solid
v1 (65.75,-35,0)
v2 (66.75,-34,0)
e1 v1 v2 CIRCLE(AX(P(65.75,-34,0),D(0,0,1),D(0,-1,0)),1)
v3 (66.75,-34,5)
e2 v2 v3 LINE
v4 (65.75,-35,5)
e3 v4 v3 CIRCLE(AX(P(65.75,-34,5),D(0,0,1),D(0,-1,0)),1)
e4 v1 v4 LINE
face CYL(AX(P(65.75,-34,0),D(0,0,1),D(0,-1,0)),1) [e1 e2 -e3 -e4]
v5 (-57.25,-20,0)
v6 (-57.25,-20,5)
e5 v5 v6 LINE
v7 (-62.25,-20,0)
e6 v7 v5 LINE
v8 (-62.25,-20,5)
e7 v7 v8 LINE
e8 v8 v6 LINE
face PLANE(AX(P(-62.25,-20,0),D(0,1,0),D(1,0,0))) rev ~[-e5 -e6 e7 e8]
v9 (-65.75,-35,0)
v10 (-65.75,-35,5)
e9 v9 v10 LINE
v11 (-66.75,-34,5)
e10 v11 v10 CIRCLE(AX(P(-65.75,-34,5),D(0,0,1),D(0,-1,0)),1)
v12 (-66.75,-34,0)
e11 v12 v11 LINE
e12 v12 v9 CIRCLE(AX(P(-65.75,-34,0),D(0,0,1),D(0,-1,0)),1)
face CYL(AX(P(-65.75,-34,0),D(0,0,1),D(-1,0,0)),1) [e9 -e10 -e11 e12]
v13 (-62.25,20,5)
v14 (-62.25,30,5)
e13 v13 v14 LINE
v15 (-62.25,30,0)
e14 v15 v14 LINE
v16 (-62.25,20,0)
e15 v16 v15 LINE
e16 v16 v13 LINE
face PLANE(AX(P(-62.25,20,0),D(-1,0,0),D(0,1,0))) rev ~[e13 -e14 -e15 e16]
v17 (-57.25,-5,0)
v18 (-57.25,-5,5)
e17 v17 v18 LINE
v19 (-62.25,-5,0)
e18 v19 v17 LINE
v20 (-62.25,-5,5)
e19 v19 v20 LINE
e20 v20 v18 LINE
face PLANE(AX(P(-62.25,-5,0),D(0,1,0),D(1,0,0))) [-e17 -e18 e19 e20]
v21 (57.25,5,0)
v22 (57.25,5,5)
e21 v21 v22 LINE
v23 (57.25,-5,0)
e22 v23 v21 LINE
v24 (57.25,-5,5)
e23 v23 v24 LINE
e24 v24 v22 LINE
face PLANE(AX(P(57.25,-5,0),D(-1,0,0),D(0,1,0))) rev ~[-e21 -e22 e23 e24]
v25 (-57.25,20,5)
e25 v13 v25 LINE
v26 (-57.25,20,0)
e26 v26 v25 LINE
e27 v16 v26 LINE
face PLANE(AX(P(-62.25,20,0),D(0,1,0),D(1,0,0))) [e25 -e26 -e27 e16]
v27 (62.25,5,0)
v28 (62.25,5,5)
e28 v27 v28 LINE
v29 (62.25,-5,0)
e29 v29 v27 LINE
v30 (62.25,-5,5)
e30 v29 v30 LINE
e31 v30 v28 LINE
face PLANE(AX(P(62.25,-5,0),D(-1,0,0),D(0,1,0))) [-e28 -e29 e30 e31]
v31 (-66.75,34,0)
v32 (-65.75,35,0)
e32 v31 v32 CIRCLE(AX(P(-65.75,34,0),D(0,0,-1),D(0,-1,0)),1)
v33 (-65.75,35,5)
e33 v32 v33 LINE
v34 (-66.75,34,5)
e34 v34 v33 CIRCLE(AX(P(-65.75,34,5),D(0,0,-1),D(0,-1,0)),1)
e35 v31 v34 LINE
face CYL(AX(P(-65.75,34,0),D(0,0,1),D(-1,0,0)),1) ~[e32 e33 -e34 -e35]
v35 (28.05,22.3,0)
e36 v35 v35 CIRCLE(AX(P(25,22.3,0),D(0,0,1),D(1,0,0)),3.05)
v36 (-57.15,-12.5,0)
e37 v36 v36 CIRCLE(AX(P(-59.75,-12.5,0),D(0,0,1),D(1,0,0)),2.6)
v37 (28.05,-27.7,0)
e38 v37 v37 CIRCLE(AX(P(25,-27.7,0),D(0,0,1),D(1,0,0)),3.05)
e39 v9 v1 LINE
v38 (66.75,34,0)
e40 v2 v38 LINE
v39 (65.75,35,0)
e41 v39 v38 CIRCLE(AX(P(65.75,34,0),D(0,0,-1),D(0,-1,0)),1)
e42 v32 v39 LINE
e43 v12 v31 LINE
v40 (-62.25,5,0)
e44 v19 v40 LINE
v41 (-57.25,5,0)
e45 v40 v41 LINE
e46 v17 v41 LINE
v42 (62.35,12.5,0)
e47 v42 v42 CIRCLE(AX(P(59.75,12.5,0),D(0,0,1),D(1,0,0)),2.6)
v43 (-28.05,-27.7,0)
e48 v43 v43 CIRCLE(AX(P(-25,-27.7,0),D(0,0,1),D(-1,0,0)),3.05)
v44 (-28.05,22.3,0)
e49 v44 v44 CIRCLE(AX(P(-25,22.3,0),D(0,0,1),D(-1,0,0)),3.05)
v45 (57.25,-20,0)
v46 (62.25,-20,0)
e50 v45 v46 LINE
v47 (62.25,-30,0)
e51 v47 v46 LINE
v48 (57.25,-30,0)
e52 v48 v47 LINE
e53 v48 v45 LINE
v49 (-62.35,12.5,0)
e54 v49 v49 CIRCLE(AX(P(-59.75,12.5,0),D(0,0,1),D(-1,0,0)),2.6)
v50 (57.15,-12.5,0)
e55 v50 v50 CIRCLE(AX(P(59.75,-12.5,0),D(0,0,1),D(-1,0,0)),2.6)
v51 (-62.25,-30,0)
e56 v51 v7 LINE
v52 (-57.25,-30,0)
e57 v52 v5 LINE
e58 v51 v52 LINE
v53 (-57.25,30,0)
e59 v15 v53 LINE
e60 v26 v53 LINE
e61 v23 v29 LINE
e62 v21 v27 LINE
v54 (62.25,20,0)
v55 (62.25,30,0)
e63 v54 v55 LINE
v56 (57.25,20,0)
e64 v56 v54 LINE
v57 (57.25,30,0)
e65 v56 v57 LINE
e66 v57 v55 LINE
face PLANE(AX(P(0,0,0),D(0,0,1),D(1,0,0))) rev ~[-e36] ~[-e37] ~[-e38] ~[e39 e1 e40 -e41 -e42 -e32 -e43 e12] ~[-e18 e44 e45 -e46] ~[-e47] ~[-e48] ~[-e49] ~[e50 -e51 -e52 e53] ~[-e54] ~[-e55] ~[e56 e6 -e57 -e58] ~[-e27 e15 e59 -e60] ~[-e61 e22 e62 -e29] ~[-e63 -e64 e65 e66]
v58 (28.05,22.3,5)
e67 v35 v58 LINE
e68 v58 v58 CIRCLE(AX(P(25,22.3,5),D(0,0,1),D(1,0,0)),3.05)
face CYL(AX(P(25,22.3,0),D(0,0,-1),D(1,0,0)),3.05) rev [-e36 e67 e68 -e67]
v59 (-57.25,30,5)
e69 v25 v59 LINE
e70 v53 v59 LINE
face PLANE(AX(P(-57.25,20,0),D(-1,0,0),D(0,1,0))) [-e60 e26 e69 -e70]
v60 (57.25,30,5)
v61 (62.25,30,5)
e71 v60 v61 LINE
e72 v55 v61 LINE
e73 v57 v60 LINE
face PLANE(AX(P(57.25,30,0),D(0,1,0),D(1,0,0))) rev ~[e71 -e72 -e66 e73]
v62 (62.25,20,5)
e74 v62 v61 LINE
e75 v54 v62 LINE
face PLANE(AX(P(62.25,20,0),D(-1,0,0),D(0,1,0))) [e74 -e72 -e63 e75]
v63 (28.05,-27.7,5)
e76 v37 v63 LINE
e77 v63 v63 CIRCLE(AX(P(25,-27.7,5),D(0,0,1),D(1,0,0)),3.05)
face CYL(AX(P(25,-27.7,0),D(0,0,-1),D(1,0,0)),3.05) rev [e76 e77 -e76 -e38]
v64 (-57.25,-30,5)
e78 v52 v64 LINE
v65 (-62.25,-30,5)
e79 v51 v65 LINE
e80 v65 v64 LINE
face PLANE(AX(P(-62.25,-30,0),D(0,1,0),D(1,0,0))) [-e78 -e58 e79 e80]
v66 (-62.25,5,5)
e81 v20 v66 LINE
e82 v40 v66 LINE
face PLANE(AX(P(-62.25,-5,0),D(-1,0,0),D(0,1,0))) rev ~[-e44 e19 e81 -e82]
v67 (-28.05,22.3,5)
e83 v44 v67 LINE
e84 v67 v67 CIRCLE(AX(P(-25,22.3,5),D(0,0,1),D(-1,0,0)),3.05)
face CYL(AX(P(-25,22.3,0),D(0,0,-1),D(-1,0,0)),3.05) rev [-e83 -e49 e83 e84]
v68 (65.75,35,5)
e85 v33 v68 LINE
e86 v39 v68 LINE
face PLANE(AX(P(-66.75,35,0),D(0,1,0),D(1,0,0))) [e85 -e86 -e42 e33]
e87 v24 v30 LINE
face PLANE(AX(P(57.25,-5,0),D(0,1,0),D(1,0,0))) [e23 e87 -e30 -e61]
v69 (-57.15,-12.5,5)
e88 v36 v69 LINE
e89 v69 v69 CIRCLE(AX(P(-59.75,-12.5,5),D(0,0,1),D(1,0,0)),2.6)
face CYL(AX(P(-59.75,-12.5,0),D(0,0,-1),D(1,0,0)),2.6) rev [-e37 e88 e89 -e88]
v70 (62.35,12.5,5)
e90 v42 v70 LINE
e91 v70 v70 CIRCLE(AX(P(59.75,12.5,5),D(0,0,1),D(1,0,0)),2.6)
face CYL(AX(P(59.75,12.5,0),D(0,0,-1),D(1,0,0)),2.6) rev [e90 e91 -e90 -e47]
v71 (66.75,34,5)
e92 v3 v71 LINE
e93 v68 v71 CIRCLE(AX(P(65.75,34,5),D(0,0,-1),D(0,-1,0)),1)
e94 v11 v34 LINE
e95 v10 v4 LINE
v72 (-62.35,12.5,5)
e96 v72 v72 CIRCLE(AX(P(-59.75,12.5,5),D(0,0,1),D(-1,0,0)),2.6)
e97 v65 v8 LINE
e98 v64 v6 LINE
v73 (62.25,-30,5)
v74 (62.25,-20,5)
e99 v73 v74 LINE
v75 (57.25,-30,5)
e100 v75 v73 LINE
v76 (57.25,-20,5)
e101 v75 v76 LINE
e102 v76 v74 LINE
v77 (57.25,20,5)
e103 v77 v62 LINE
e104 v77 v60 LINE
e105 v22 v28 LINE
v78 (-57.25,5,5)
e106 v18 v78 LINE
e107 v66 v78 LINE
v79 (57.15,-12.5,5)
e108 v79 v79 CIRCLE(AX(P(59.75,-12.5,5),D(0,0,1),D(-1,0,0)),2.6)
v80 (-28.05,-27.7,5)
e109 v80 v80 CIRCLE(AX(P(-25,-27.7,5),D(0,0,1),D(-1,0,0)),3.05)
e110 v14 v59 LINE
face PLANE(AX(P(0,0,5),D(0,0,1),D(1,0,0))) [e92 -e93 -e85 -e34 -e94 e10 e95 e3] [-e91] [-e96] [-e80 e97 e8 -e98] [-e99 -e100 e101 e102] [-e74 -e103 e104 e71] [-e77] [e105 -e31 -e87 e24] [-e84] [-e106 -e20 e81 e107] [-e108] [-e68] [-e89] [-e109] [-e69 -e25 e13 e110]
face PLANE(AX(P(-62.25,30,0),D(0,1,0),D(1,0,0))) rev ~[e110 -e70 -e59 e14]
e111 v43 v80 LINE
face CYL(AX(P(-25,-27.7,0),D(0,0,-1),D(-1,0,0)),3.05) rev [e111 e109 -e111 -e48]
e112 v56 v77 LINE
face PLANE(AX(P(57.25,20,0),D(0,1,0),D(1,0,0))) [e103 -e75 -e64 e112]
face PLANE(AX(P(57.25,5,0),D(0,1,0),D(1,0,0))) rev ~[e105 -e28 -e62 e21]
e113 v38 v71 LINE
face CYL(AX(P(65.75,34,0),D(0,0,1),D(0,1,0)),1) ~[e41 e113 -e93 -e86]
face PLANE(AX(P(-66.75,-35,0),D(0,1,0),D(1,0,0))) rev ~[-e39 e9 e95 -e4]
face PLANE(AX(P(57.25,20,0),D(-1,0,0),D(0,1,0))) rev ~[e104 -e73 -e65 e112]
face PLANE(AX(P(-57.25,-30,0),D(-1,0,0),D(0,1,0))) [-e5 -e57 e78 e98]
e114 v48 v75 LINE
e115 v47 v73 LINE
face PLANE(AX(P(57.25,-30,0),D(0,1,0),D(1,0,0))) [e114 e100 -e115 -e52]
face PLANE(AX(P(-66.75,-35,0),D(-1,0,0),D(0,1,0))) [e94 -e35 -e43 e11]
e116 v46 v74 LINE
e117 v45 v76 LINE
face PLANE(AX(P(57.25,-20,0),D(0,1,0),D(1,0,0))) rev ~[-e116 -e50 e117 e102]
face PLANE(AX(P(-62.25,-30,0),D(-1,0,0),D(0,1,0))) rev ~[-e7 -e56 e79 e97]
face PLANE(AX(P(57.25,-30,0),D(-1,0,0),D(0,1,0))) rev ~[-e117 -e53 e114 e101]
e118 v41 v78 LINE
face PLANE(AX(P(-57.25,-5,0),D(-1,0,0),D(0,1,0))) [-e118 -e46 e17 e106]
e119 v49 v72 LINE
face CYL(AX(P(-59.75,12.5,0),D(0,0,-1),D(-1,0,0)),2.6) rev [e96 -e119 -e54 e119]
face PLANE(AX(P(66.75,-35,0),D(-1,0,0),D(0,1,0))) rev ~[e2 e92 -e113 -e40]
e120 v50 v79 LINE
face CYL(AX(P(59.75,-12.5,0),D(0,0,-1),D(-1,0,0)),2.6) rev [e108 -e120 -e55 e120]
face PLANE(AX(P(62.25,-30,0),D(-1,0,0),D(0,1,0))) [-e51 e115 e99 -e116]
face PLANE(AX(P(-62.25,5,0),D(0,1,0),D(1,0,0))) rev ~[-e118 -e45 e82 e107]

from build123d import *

# Parameters (mm, degrees)
SKETCH1_W           = 133.5
SKETCH1_H           = 70
SKETCH1_R           = 3.05
SKETCH1_R_2         = 2.6
SKETCH1_W_2         = 5
SKETCH1_H_2         = 10
BOSS_EXTRUDE1_DEPTH = 5
FILLET1_R           = 1


with BuildPart() as part:
    # Sketch1 → Boss-Extrude1 (new body)
    with BuildSketch(Plane.XY):
        Rectangle(SKETCH1_W, SKETCH1_H)
        with Locations((25, 22.3)):
            Circle(SKETCH1_R, mode=Mode.SUBTRACT)
        with Locations(Location((-25, 22.3, 0), (0, 0, 180))):
            Circle(SKETCH1_R, mode=Mode.SUBTRACT)
        with Locations((-59.75, -12.5)):
            Circle(SKETCH1_R_2, mode=Mode.SUBTRACT)
        with Locations(Location((59.75, -12.5, 0), (0, 0, 180))):
            Circle(SKETCH1_R_2, mode=Mode.SUBTRACT)
        with Locations(Location((-59.75, 12.5, 0), (0, 0, 180))):
            Circle(SKETCH1_R_2, mode=Mode.SUBTRACT)
        with Locations((59.75, 12.5)):
            Circle(SKETCH1_R_2, mode=Mode.SUBTRACT)
        with Locations((25, -27.7)):
            Circle(SKETCH1_R, mode=Mode.SUBTRACT)
        with Locations(Location((-25, -27.7, 0), (0, 0, 180))):
            Circle(SKETCH1_R, mode=Mode.SUBTRACT)
        with Locations((-59.75, -25)):
            Rectangle(SKETCH1_W_2, SKETCH1_H_2, mode=Mode.SUBTRACT)
        with Locations((59.75, -25)):
            Rectangle(SKETCH1_W_2, SKETCH1_H_2, mode=Mode.SUBTRACT)
        with Locations((-59.75, 0)):
            Rectangle(SKETCH1_W_2, SKETCH1_H_2, mode=Mode.SUBTRACT)
        with Locations((59.75, 0)):
            Rectangle(SKETCH1_W_2, SKETCH1_H_2, mode=Mode.SUBTRACT)
        with Locations((-59.75, 25)):
            Rectangle(SKETCH1_W_2, SKETCH1_H_2, mode=Mode.SUBTRACT)
        with Locations((59.75, 25)):
            Rectangle(SKETCH1_W_2, SKETCH1_H_2, mode=Mode.SUBTRACT)
    extrude(amount=BOSS_EXTRUDE1_DEPTH)

    # Fillet1
    fillet1_edges = [part.edges().sort_by_distance(p)[0] for p in [
        (66.75, -35, 2.5),
        (-66.75, -35, 2.5),
        (-66.75, 35, 2.5),
        (66.75, 35, 2.5),
    ]]
    fillet(fillet1_edges, radius=FILLET1_R)


solid = part.part
